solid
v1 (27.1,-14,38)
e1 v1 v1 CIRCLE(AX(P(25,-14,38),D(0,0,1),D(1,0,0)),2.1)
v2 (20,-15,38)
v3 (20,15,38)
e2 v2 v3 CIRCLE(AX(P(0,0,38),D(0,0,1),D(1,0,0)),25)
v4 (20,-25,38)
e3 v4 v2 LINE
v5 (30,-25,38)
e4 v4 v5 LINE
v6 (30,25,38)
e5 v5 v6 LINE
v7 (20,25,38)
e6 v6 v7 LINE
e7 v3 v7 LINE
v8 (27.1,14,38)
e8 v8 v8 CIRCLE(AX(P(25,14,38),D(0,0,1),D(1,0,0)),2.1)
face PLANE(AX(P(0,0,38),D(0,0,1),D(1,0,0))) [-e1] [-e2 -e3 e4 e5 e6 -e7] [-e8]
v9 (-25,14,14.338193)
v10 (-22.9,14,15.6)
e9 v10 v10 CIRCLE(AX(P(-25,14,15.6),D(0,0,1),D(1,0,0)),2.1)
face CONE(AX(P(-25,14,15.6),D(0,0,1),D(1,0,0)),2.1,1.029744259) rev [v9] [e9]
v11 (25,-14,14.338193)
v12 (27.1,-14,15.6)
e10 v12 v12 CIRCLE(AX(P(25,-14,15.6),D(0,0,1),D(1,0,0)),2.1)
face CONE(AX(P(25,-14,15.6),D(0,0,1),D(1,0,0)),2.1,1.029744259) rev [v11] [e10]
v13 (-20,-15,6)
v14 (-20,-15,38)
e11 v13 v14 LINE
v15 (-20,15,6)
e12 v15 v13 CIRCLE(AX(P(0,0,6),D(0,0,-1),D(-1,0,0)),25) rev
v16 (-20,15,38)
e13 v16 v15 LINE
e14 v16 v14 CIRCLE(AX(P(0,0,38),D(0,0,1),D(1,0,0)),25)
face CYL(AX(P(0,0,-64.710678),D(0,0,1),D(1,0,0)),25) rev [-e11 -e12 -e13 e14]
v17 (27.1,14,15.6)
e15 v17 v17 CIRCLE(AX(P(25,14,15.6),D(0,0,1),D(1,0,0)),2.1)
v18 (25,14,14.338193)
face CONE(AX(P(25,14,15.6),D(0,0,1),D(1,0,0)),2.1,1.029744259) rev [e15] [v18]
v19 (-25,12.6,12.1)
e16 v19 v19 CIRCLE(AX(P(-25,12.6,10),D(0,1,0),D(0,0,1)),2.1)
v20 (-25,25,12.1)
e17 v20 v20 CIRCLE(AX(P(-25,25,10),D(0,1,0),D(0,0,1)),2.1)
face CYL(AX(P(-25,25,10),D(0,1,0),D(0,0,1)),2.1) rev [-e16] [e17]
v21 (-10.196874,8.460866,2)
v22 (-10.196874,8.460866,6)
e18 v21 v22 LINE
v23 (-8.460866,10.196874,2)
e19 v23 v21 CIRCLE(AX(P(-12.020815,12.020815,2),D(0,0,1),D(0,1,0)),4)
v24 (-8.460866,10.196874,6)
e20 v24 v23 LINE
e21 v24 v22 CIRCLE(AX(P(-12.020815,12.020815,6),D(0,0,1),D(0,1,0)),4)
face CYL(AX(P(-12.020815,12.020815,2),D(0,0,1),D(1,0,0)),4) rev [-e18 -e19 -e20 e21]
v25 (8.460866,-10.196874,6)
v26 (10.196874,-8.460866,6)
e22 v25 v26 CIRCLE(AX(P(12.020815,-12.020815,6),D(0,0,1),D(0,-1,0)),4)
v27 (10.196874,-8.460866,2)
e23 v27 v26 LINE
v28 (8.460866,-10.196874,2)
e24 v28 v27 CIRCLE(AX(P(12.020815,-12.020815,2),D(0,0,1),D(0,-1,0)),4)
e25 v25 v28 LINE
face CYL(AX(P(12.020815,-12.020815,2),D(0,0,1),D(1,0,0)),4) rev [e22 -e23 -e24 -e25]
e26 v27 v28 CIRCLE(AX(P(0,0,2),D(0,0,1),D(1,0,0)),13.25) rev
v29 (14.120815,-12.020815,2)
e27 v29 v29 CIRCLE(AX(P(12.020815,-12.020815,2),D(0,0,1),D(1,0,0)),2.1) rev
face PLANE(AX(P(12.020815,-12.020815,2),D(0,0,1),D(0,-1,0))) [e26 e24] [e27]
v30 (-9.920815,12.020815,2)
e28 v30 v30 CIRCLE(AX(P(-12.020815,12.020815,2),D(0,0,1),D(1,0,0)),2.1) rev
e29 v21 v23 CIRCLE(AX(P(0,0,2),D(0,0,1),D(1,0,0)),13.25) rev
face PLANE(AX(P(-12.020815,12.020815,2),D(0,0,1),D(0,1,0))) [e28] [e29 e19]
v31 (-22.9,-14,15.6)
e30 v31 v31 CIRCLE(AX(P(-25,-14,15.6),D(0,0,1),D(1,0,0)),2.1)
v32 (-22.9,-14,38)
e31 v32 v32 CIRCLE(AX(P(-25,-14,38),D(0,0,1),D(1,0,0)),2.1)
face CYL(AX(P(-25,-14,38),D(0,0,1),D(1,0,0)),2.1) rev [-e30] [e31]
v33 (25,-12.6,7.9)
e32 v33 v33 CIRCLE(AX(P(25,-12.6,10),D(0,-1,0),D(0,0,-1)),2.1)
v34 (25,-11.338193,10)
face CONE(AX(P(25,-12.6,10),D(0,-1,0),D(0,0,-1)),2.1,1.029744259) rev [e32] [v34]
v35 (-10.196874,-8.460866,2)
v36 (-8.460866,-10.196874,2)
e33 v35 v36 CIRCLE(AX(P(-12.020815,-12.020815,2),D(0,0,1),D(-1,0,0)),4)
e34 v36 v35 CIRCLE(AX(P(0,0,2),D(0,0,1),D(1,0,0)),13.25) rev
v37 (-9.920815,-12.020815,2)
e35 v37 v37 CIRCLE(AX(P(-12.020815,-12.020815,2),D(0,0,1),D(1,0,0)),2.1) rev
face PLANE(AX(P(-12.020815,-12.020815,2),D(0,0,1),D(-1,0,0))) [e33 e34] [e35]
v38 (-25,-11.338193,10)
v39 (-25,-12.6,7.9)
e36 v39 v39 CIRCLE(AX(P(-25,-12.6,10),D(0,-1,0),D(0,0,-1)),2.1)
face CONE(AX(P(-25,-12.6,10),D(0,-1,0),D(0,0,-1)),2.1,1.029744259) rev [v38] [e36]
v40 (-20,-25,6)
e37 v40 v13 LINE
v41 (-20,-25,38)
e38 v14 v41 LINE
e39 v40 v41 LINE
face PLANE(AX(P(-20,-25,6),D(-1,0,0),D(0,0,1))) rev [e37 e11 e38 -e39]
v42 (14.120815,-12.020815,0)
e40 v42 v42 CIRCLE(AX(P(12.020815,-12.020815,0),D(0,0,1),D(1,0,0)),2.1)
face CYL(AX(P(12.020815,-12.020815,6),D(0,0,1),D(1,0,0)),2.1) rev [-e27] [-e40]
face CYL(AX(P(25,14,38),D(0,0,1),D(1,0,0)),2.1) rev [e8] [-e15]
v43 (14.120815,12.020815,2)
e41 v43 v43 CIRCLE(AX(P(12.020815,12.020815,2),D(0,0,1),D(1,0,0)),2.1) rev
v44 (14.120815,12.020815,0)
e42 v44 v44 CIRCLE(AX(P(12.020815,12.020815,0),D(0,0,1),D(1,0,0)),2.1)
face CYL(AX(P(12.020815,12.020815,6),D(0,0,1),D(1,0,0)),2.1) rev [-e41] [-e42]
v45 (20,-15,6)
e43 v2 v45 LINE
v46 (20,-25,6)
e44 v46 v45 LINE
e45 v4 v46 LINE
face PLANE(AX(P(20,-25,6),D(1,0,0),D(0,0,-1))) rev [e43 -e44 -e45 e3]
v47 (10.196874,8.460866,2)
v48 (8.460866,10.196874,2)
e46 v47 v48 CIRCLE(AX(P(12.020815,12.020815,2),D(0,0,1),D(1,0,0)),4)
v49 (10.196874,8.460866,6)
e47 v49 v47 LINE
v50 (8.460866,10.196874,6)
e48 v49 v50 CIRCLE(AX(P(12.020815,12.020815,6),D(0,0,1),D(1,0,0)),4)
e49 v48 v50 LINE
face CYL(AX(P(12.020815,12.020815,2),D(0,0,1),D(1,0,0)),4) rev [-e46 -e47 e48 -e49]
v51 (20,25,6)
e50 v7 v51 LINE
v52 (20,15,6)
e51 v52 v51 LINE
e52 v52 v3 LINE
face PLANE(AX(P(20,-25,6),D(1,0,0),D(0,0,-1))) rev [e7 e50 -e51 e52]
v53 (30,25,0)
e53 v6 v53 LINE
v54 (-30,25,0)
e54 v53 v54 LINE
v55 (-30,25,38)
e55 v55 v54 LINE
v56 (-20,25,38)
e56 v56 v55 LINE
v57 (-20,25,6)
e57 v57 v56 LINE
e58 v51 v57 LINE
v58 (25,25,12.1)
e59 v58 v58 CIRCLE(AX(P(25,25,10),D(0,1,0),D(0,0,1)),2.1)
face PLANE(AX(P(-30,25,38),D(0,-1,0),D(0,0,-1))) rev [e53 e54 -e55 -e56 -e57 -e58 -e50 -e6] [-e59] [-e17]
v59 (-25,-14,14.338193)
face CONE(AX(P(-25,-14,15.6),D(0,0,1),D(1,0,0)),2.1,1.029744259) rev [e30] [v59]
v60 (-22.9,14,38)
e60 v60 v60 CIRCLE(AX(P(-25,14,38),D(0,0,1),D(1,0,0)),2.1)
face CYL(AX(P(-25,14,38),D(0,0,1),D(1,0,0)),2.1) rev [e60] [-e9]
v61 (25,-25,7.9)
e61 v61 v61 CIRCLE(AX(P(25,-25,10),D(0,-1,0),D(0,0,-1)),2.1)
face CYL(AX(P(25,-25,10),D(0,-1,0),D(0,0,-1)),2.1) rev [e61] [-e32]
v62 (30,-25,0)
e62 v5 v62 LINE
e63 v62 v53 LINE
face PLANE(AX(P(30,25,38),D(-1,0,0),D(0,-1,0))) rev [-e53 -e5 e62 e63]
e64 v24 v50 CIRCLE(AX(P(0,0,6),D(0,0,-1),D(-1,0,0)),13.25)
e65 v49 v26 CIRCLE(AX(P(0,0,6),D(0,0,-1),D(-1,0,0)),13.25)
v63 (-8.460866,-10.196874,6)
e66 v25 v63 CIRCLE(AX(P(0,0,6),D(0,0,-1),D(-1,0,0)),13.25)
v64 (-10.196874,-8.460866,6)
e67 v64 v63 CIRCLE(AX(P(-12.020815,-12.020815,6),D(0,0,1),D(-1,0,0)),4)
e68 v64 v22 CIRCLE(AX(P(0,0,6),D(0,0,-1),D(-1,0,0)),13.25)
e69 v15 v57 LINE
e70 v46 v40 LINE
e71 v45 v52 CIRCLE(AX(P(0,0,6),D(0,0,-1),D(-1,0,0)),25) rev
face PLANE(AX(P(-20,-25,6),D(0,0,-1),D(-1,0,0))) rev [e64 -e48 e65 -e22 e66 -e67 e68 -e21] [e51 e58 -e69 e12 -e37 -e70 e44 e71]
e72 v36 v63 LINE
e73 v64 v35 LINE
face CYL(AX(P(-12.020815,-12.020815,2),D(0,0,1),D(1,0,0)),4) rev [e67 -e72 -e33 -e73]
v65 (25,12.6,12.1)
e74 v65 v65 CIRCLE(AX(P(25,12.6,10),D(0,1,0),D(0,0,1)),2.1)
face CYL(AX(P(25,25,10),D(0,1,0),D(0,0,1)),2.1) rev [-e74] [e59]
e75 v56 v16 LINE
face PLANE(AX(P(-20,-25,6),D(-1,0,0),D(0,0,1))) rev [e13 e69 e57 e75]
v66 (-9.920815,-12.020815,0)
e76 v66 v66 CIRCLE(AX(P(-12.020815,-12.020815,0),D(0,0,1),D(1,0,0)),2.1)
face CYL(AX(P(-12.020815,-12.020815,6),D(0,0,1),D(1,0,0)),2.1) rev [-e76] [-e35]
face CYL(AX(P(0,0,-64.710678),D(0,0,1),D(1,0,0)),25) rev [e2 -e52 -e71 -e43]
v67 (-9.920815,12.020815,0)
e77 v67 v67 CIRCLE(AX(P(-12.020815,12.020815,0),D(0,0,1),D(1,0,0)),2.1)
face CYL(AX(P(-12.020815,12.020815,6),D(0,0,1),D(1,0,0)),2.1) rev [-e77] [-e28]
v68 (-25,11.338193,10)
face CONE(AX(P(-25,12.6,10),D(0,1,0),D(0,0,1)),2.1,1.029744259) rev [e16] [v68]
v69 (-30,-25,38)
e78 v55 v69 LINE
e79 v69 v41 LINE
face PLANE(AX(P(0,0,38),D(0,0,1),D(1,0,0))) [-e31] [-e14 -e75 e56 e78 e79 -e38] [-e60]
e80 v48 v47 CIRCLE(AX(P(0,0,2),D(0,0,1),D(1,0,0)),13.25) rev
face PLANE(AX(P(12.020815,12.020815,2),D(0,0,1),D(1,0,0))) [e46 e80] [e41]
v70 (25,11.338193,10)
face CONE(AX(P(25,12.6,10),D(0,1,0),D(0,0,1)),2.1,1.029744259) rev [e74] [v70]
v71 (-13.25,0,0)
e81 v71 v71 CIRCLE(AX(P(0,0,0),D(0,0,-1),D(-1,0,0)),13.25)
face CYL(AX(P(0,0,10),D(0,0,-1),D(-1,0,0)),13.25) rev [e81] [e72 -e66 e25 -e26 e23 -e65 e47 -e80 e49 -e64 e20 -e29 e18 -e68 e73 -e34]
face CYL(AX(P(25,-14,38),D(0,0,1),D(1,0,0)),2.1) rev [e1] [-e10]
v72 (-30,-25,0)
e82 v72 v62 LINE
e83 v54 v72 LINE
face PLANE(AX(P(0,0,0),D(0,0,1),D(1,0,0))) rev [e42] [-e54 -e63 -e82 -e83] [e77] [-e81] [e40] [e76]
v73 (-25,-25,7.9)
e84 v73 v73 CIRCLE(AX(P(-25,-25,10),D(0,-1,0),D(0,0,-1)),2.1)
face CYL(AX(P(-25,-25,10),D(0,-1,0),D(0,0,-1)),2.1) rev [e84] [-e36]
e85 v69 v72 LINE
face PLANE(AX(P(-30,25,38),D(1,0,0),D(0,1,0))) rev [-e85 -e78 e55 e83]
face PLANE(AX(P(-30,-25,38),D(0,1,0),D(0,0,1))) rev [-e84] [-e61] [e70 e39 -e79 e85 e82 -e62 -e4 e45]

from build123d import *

# Parameters (mm, degrees)
SKETCH_1_W                  = 60
SKETCH_1_H                  = 50
EXTRUDE_1_DEPTH             = 38
SKETCH_2_W                  = 40
SKETCH_2_H                  = 67.456297037
CUT_EXTRUDE_1_DEPTH         = 70.598850565
SKETCH_3_R                  = 25
CUT_EXTRUDE_2_DEPTH         = 32
SKETCH_4_R                  = 13.25
CUT_EXTRUDE_3_DEPTH         = 10
HOLE_WIZARD_4_2_4_2_1_D     = 4.2
HOLE_WIZARD_M5_2_AT_2_COUNT = 2
HOLE_WIZARD_M5_2_AT_2_PITCH = 50
SKETCH_11_R                 = 4
CUT_EXTRUDE_4_DEPTH         = 4
PATTERN_CIRCULAR_1_COUNT    = 4


with BuildPart() as part:
    # 草图1 → 凸台-拉伸1 (new body)
    with BuildSketch(Plane.XY):
        Rectangle(SKETCH_1_W, SKETCH_1_H)
    extrude(amount=EXTRUDE_1_DEPTH)

    # 草图2 → 切除-拉伸1 (cut, through all)
    with BuildSketch(Plane(origin=(0, 25, 0), x_dir=(1, 0, 0), z_dir=(0, 1, 0))):
        with Locations((0, -39.728148518)):
            Rectangle(SKETCH_2_W, SKETCH_2_H)
    extrude(amount=-CUT_EXTRUDE_1_DEPTH, mode=Mode.SUBTRACT)

    # 草图3 → 切除-拉伸2 (cut)
    with BuildSketch(Plane.XY.offset(38)):
        Circle(SKETCH_3_R)
    extrude(amount=-CUT_EXTRUDE_2_DEPTH, mode=Mode.SUBTRACT)

    # 草图4 → 切除-拉伸3 (cut)
    with BuildSketch(Plane(origin=(0, 0, 0), x_dir=(-1, 0, 0), z_dir=(0, 0, -1))):
        Circle(SKETCH_4_R)
    extrude(amount=-CUT_EXTRUDE_3_DEPTH, mode=Mode.SUBTRACT)

    # Ø4.2 (4.2) 直径孔1 (through all)
    with Locations(Plane.XY.offset(6)):
        with Locations((12.02081528, 12.02081528), (-12.02081528, 12.02081528), (-12.02081528, -12.02081528), (12.02081528, -12.02081528)):
            Hole(HOLE_WIZARD_4_2_4_2_1_D / 2)

    # 草图7 → M5 螺纹孔1 (revolve, cut)
    with BuildSketch(Plane(origin=(25, 14, 38), x_dir=(0, -1, 0), z_dir=(1, 0, 0))):
        Polygon((0, 0), (0, 23.6618073), (2.1, 22.4), (2.1, 0), align=None)
    hole_wizard_m5_1 = revolve(axis=Axis((25, 14, 44.35), (0, 0, -1)), mode=Mode.SUBTRACT)

    # 镜向1: M5 螺纹孔1 across plane
    add(hole_wizard_m5_1.mirror(Plane.ZX), mode=Mode.SUBTRACT)

    # 镜向2: M5 螺纹孔1 across plane
    add(hole_wizard_m5_1.mirror(Plane.ZY), mode=Mode.SUBTRACT)

    # 镜向2 copy 1 sketch → 镜向2 copy 1 (revolve, cut)
    with BuildSketch(Plane(origin=(-25, -14, 38), x_dir=(0, 1, 0), z_dir=(-1, 0, 0))):
        Polygon((0, 0), (0, 23.6618073), (2.1, 22.4), (2.1, 0), align=None)
    revolve(axis=Axis((-25, -14, 44.35), (0, 0, -1)), mode=Mode.SUBTRACT)

    # 草图9 → M5 螺纹孔2 (revolve, cut)
    with BuildSketch(Plane(origin=(-25, 25, 10), x_dir=(0, 0, 1), z_dir=(1, 0, 0))):
        Polygon((0, 0), (0, 13.6618073), (2.1, 12.4), (2.1, 0), align=None)
    hole_wizard_m5_2 = revolve(axis=Axis((-25, 31.35, 10), (0, -1, 0)), mode=Mode.SUBTRACT)

    # M5 螺纹孔2 at 2: M5 螺纹孔2 ×2
    with Locations(*[(i * HOLE_WIZARD_M5_2_AT_2_PITCH, 0, 0) for i in range(1, HOLE_WIZARD_M5_2_AT_2_COUNT)]):
        add(hole_wizard_m5_2, mode=Mode.SUBTRACT)

    # 镜向3: M5 螺纹孔2 across plane
    add(hole_wizard_m5_2.mirror(Plane.ZX), mode=Mode.SUBTRACT)

    # 镜向3 copy 1 sketch → 镜向3 copy 1 (revolve, cut)
    with BuildSketch(Plane(origin=(25, -25, 10), x_dir=(0, 0, 1), z_dir=(1, 0, 0))):
        Polygon((0, 0), (0, -13.6618073), (2.1, -12.4), (2.1, 0), align=None)
    revolve(axis=Axis((25, -31.35, 10), (0, -1, 0)), mode=Mode.SUBTRACT)

    # 草图11 → 切除-拉伸4 (cut)
    with BuildSketch(Plane.XY.offset(6)):
        with Locations((12.02081528, 12.02081528)):
            Circle(SKETCH_11_R)
    cut_extrude_4 = extrude(amount=-CUT_EXTRUDE_4_DEPTH, mode=Mode.SUBTRACT)

    # 阵列(圆周)1: 切除-拉伸4 ×4 about axis
    pattern_circular_1_axis = Axis((0, 0, 0), (0, 0, 1))
    for i in range(1, PATTERN_CIRCULAR_1_COUNT):
        add(cut_extrude_4.rotate(pattern_circular_1_axis, i * 360 / PATTERN_CIRCULAR_1_COUNT), mode=Mode.SUBTRACT)


solid = part.part
